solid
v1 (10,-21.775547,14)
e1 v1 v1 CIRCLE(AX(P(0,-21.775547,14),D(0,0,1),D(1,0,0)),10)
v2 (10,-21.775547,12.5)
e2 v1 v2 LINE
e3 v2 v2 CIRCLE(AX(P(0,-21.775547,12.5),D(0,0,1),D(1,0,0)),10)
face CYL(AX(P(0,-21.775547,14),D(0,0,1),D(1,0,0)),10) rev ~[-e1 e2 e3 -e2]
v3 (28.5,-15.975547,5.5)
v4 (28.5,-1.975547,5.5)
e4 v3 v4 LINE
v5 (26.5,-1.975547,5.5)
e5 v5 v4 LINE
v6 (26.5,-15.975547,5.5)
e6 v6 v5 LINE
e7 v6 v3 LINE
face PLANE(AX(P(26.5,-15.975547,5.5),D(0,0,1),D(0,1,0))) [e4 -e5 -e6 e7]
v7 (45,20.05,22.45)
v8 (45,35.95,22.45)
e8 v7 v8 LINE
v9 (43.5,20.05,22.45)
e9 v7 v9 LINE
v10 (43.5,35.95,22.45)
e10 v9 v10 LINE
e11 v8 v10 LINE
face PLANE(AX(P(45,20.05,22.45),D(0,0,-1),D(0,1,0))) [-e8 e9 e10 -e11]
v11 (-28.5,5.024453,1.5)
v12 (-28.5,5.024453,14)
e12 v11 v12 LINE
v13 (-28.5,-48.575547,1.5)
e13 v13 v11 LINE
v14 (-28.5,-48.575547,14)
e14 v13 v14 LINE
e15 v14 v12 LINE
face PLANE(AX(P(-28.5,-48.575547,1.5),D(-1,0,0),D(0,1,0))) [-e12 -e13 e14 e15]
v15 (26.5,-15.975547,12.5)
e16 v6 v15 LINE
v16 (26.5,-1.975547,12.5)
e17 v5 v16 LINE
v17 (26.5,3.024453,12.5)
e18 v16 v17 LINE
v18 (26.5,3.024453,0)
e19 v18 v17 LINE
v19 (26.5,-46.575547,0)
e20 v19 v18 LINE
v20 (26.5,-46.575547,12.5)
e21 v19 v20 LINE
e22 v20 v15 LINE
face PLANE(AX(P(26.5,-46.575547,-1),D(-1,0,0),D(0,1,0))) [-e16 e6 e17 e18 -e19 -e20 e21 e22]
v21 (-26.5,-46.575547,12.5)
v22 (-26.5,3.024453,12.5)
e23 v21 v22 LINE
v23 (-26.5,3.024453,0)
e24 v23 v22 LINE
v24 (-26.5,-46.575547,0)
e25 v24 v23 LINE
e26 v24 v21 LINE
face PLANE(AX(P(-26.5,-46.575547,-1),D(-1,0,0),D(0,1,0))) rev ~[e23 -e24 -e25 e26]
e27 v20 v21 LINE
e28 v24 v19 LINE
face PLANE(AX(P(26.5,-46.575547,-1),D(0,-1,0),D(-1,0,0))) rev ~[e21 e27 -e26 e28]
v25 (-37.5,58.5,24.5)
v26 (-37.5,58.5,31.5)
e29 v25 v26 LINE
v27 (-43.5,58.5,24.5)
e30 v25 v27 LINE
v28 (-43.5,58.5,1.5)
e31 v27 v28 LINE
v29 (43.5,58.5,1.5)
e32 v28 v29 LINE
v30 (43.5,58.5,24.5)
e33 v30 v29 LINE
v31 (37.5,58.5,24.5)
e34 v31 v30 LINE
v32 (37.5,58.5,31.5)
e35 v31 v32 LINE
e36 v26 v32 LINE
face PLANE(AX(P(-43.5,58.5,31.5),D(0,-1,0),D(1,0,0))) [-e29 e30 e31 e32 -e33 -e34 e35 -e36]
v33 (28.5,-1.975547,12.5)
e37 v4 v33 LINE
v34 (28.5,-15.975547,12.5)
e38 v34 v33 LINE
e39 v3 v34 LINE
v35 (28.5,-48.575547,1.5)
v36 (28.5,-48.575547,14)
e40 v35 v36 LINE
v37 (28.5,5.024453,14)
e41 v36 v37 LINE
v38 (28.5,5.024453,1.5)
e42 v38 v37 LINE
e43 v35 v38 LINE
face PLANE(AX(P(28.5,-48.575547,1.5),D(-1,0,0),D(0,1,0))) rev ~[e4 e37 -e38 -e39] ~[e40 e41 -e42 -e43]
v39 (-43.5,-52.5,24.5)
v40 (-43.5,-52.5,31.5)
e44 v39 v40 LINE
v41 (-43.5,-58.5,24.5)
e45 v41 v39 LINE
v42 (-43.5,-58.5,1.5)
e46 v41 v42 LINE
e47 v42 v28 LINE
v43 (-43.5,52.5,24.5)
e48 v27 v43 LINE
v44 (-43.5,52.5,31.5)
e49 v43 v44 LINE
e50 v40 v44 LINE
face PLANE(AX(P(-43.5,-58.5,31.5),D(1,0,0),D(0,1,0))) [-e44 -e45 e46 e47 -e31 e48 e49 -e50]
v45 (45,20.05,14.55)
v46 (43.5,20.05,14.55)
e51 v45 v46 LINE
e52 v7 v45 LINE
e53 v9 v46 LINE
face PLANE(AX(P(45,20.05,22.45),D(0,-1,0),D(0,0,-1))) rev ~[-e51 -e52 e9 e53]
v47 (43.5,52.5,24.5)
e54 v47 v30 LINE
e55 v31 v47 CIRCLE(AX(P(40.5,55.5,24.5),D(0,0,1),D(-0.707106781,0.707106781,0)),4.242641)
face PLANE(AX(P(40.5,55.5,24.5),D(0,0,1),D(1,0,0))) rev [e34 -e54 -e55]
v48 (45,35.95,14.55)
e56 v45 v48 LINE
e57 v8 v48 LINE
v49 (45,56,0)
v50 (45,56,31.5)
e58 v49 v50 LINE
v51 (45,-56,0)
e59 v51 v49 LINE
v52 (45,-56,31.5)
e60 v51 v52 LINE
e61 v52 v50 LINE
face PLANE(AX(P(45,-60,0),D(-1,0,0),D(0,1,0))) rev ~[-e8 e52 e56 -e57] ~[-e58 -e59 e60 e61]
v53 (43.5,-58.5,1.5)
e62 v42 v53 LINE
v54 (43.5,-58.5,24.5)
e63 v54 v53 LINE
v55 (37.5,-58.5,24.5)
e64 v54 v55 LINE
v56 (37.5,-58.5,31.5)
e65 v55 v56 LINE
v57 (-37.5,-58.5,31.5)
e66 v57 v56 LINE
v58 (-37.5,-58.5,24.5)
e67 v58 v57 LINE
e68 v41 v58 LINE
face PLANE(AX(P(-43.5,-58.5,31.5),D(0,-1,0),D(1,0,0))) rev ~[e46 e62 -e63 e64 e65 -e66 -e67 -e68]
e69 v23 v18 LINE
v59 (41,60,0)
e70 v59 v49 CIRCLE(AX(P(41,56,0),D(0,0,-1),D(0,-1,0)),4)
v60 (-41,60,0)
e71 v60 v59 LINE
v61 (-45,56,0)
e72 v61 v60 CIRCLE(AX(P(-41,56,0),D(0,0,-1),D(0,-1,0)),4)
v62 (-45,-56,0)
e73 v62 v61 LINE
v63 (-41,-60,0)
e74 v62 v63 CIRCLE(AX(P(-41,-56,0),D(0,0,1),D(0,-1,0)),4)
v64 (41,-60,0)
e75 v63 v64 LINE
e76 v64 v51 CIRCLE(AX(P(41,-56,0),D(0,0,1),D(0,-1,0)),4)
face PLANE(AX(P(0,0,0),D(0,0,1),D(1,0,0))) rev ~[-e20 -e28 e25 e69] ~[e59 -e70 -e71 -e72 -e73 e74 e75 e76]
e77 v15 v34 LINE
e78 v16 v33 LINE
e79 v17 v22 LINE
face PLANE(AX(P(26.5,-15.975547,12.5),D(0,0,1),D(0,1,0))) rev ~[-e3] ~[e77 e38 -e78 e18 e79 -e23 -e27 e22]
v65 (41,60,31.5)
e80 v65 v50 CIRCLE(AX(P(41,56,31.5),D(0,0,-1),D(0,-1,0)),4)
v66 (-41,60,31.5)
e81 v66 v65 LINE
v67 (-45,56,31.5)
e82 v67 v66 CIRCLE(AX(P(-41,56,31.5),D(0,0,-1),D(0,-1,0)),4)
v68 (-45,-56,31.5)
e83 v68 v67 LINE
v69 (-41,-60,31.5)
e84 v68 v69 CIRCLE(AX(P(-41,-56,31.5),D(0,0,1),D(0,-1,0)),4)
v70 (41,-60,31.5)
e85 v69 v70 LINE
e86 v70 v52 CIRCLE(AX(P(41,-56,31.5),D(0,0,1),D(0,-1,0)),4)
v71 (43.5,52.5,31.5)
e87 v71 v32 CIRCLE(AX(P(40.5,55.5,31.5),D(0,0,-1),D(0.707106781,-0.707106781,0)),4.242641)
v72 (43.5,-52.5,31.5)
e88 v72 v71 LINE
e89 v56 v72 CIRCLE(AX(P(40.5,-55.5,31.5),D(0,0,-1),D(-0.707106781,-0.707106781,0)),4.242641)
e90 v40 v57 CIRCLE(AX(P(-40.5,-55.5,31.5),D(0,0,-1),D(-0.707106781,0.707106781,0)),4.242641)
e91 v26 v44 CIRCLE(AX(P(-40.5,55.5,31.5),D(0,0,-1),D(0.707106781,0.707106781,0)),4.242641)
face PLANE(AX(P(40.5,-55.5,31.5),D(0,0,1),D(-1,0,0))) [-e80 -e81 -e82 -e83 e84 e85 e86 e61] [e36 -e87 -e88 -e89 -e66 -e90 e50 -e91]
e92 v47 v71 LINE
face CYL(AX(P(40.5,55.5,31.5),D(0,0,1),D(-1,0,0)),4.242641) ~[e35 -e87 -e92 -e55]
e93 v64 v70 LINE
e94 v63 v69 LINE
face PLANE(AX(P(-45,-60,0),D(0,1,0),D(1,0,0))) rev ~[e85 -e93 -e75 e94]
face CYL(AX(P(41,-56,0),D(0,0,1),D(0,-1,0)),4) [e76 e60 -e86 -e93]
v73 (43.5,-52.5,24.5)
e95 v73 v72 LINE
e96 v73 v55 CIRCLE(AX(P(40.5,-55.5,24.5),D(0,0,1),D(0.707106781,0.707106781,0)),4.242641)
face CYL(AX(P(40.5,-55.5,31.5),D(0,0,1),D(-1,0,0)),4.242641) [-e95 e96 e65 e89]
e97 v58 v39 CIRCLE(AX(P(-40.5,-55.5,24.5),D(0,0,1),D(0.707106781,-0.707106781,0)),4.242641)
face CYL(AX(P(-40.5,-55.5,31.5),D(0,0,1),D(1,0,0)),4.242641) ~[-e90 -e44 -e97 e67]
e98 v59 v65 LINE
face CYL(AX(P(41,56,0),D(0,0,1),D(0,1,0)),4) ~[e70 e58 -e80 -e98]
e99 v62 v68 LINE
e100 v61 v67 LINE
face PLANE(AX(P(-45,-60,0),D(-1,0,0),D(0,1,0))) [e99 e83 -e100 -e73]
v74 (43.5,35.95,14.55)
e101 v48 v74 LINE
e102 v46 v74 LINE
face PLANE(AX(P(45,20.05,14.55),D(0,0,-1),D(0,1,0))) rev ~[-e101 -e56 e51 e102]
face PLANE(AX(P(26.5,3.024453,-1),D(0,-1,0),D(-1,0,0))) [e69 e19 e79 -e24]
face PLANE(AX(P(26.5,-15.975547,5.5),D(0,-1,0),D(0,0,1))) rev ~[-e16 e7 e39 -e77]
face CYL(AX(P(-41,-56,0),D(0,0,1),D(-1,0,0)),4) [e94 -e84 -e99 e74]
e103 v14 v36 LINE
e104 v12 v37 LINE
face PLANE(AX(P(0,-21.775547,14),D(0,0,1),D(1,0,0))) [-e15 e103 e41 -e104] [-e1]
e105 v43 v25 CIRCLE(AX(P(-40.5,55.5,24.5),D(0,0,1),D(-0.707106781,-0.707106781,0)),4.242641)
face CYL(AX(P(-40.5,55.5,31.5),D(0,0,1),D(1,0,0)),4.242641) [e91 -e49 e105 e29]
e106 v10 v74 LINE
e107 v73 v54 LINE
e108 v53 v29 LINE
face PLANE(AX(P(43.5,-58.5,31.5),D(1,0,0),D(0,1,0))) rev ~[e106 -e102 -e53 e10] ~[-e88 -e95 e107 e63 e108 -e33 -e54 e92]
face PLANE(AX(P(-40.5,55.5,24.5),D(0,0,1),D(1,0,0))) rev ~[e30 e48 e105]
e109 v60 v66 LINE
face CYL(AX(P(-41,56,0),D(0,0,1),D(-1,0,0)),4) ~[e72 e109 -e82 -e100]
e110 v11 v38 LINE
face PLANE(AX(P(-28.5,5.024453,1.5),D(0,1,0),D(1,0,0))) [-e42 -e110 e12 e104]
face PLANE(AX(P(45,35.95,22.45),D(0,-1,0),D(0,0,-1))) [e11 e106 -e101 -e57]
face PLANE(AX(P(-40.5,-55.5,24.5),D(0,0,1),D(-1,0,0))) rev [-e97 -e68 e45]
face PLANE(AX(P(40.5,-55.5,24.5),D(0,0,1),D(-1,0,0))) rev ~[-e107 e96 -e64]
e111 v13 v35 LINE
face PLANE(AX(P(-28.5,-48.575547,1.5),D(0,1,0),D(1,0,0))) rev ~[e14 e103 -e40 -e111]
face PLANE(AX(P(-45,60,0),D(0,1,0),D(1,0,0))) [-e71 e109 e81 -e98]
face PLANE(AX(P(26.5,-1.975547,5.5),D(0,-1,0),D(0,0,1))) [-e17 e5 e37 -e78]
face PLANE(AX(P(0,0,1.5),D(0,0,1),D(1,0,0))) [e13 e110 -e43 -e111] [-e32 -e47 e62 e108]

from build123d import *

# Parameters (mm, degrees)
SKETCH2_W               = 90
SKETCH2_H               = 120
BOSS_EXTRUDE1_DEPTH     = 31.5
SKETCH4_W               = 87
SKETCH4_H               = 117
CUT_EXTRUDE1_DEPTH      = 30
FILLET4_R               = 4
SKETCH18_W              = 57
SKETCH18_H              = 53.6
KHAY_PIN_DEPTH          = 12.5
SKETCH21_W              = 53
SKETCH21_H              = 49.6
BOSS_EXTRUDE11_DEPTH    = 15
SKETCH22_W              = 53
SKETCH22_H              = 49.6
CUT_EXTRUDE4_DEPTH      = 13.5
SKETCH30_W              = 7
SKETCH30_H              = 14
CUT_EXTRUDE8_DEPTH      = 5
SKETCH34_R              = 4.242640687
BOSS_EXTRUDE12_DEPTH    = 7
SKETCH37_W              = 7.9
SKETCH37_H              = 15.9
CUT_EXTRUDE10_DEPTH     = 5
MIRROR2_COPY_1_SKETCH_R = 4.242640687
MIRROR2_COPY_1_DEPTH    = 7
SKETCH38_R              = 10
CUT_EXTRUDE11_DEPTH     = 10


with BuildPart() as part:
    # Sketch2 → Boss-Extrude1 (new body)
    with BuildSketch(Plane.XY):
        Rectangle(SKETCH2_W, SKETCH2_H)
    extrude(amount=BOSS_EXTRUDE1_DEPTH)

    # Sketch4 → Cut-Extrude1 (cut)
    with BuildSketch(Plane.XY.offset(31.5)):
        Rectangle(SKETCH4_W, SKETCH4_H)
    extrude(amount=-CUT_EXTRUDE1_DEPTH, mode=Mode.SUBTRACT)

    # Fillet4
    fillet4_edges = [part.edges().sort_by_distance(p)[0] for p in [
        (45, -60, 15.75),
        (-45, -60, 15.75),
        (-45, 60, 15.75),
        (45, 60, 15.75),
    ]]
    fillet(fillet4_edges, radius=FILLET4_R)

    # Sketch18 → khay_pin (add)
    with BuildSketch(Plane.XY.offset(1.5)):
        with Locations((0, -21.775547075)):
            Rectangle(SKETCH18_W, SKETCH18_H)
    extrude(amount=KHAY_PIN_DEPTH)

    # Sketch21 → Boss-Extrude11 (add)
    with BuildSketch(Plane.XY.offset(14)):
        with Locations((0, -21.775547075)):
            Rectangle(SKETCH21_W, SKETCH21_H)
    extrude(amount=-BOSS_EXTRUDE11_DEPTH)

    # Sketch22 → Cut-Extrude4 (cut)
    with BuildSketch(Plane(origin=(0, 0, -1), x_dir=(-1, 0, 0), z_dir=(0, 0, -1))):
        with Locations((0, -21.775547075)):
            Rectangle(SKETCH22_W, SKETCH22_H)
    extrude(amount=-CUT_EXTRUDE4_DEPTH, mode=Mode.SUBTRACT)

    # Sketch30 → Cut-Extrude8 (cut)
    with BuildSketch(Plane.ZY.offset(-26.5)):
        with Locations((9, -8.975547075)):
            Rectangle(SKETCH30_W, SKETCH30_H)
    extrude(amount=-CUT_EXTRUDE8_DEPTH, mode=Mode.SUBTRACT)

    # Sketch34 → Boss-Extrude12 (add)
    with BuildSketch(Plane.XY.offset(31.5)):
        with Locations((-40.5, 55.5)):
            Circle(SKETCH34_R)
    boss_extrude12 = extrude(amount=-BOSS_EXTRUDE12_DEPTH)

    # Sketch37 → Cut-Extrude10 (cut)
    with BuildSketch(Plane(origin=(45, 0, 0), x_dir=(0, 0, -1), z_dir=(1, 0, 0))):
        with Locations((-18.5, 28)):
            Rectangle(SKETCH37_W, SKETCH37_H)
    extrude(amount=-CUT_EXTRUDE10_DEPTH, mode=Mode.SUBTRACT)

    # Mirror1: Boss-Extrude12 across plane
    add(boss_extrude12.mirror(Plane(origin=(0, 0, 0), x_dir=(0, 0, 1), z_dir=(1, 0, 0))))

    # Mirror2: Boss-Extrude12 across plane
    add(boss_extrude12.mirror(Plane.ZX))

    # Mirror2 copy 1 sketch → Mirror2 copy 1 (add)
    with BuildSketch(Plane(origin=(0, 0, 31.5), x_dir=(-1, 0, 0), z_dir=(0, 0, 1))):
        with Locations((-40.5, 55.5)):
            Circle(MIRROR2_COPY_1_SKETCH_R)
    extrude(amount=-MIRROR2_COPY_1_DEPTH)

    # Sketch38 → Cut-Extrude11 (cut)
    with BuildSketch(Plane.XY.offset(14)):
        with Locations((0, -21.775547075)):
            Circle(SKETCH38_R)
    extrude(amount=-CUT_EXTRUDE11_DEPTH, mode=Mode.SUBTRACT)


solid = part.part
